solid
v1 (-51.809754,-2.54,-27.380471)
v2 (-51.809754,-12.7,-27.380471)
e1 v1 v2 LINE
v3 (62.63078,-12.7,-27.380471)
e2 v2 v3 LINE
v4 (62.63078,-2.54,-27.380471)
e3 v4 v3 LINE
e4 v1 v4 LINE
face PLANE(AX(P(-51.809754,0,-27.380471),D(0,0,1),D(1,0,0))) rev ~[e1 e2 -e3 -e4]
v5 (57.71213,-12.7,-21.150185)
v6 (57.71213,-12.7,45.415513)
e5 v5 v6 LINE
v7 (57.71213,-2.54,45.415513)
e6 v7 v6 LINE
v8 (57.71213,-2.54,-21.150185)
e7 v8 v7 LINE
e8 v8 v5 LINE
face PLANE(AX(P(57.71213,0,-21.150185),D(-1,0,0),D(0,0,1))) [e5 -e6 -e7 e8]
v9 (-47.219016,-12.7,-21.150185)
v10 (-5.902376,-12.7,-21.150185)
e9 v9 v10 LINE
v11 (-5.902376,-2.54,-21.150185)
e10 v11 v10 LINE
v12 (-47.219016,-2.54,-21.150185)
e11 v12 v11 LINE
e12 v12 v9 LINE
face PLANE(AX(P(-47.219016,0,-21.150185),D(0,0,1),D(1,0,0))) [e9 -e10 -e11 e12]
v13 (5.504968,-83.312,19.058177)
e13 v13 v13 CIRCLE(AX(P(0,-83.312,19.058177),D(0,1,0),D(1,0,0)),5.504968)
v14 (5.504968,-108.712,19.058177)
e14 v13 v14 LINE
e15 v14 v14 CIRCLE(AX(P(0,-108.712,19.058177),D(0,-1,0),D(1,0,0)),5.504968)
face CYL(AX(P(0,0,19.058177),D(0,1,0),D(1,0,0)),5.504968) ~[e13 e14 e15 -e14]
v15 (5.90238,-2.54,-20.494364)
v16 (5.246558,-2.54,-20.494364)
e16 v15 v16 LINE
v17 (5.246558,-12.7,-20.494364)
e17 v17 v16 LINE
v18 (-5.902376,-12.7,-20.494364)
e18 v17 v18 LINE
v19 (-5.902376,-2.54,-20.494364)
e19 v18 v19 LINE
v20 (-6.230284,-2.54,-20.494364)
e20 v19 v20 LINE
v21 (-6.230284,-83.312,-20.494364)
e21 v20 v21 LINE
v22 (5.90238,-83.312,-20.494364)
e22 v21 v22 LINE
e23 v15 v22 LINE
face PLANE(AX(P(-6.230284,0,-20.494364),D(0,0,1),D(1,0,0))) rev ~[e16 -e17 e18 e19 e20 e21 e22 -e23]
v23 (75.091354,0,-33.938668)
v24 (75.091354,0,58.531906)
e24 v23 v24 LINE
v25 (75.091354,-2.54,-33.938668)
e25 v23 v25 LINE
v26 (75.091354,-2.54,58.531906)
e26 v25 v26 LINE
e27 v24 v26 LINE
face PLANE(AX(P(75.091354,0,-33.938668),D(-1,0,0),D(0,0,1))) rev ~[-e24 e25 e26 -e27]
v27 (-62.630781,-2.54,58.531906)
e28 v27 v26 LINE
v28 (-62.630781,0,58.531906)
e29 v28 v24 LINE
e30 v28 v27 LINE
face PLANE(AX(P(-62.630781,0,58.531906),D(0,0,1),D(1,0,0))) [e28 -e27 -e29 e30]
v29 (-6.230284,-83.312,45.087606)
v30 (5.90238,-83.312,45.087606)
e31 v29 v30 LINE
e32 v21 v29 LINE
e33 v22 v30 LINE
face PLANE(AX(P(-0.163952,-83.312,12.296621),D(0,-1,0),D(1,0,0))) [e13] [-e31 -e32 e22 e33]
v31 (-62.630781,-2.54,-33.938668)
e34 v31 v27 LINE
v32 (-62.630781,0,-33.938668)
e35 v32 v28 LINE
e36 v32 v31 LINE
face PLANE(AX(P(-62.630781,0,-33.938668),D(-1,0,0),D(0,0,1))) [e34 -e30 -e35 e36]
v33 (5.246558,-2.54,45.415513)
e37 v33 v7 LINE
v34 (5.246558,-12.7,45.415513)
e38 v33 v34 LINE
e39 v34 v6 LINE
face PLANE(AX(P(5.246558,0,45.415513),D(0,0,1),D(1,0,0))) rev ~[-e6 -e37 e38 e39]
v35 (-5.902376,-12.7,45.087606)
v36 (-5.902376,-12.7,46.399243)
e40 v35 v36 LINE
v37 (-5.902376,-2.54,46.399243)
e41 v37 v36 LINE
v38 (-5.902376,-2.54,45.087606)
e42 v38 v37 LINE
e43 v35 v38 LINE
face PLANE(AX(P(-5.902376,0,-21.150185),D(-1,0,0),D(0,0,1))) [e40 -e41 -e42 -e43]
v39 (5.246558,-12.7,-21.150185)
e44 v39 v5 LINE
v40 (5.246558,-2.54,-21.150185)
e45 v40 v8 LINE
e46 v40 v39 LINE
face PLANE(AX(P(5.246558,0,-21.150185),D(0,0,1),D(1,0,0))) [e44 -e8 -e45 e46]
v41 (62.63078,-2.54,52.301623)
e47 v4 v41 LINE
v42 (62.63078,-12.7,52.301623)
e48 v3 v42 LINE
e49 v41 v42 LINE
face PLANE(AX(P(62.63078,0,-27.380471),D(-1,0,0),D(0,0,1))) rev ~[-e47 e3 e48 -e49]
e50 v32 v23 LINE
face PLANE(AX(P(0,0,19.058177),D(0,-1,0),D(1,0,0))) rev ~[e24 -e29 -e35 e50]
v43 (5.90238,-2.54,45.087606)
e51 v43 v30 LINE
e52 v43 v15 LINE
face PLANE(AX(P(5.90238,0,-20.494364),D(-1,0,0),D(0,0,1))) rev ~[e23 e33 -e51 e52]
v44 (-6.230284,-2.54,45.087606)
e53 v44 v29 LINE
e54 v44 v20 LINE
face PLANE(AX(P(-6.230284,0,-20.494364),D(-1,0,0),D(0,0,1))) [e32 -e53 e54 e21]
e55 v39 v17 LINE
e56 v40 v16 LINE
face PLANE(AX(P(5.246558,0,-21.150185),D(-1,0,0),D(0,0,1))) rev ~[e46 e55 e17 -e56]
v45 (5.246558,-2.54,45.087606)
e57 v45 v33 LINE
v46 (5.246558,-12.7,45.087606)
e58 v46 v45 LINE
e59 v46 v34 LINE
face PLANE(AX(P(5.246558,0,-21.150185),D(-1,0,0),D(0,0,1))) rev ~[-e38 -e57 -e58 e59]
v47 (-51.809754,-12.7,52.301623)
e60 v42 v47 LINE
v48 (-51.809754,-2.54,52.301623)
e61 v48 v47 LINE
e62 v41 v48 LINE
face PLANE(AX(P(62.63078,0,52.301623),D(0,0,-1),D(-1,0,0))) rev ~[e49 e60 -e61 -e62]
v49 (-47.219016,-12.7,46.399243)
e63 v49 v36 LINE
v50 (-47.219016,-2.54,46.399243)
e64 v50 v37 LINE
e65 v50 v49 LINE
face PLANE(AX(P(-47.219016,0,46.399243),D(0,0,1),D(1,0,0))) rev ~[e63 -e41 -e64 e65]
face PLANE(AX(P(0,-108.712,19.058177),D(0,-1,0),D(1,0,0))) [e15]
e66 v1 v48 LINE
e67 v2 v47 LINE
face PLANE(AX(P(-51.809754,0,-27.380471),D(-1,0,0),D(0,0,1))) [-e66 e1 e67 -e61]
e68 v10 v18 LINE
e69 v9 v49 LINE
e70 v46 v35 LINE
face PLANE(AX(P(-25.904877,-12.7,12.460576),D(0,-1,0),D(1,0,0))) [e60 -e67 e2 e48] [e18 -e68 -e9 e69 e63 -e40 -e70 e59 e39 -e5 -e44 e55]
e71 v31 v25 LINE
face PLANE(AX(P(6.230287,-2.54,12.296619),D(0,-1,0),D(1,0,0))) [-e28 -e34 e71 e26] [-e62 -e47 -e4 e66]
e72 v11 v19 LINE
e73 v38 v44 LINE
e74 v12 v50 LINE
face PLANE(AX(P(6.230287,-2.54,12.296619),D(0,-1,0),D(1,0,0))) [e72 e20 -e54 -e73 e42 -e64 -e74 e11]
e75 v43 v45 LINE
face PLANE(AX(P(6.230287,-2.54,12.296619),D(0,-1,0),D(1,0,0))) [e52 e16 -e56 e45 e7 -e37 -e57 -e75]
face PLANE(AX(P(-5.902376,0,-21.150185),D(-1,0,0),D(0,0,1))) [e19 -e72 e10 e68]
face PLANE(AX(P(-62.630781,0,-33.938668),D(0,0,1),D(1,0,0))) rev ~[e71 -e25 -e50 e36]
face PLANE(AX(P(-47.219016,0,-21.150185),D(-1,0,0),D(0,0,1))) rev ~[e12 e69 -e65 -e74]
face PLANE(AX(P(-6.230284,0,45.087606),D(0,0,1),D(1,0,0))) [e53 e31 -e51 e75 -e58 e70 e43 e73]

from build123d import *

# Parameters (mm, degrees)
F0_W     = 51.809754
F0_H     = 79.682095
F0_W_2   = 41.31664
F0_H_2   = 67.549428
F0_W_3   = 62.63078
F0_W_4   = 52.465571
F0_H_3   = 66.565698
F1_DEPTH = 12.7
F2_W     = 137.722135
F2_H     = 92.470575
F3_DEPTH = 2.54
F4_W     = 12.132665
F4_H     = 65.58197
F5_DEPTH = 83.312
F6_R     = 5.504968
F7_DEPTH = 108.712


with BuildPart() as f1:
    # F0 (on Front) → F1 (new body)
    with BuildSketch(Plane.XZ):
        with Locations((-25.904877, 12.460576)):
            Rectangle(F0_W, F0_H)
        with Locations((-26.560696, 12.624529)):
            Rectangle(F0_W_2, F0_H_2, mode=Mode.SUBTRACT)
        with Locations((31.31539, 12.460576)):
            Rectangle(F0_W_3, F0_H)
        with Locations((31.479344, 12.132664)):
            Rectangle(F0_W_4, F0_H_3, mode=Mode.SUBTRACT)
    extrude(amount=F1_DEPTH)

    # F2 (on Front) → F3 (join)
    with BuildSketch(Plane.XZ):
        with Locations((6.230287, 12.296619)):
            Rectangle(F2_W, F2_H)
    extrude(amount=F3_DEPTH)

    # F4 (on Front) → F5 (join)
    with BuildSketch(Plane.XZ):
        with Locations((-0.163952, 12.296621)):
            Rectangle(F4_W, F4_H)
    extrude(amount=F5_DEPTH)

    # F6 (on Front) → F7 (join)
    with BuildSketch(Plane.XZ):
        with Locations((0, 19.058177)):
            Circle(F6_R)
    extrude(amount=F7_DEPTH)


solid = f1.part
